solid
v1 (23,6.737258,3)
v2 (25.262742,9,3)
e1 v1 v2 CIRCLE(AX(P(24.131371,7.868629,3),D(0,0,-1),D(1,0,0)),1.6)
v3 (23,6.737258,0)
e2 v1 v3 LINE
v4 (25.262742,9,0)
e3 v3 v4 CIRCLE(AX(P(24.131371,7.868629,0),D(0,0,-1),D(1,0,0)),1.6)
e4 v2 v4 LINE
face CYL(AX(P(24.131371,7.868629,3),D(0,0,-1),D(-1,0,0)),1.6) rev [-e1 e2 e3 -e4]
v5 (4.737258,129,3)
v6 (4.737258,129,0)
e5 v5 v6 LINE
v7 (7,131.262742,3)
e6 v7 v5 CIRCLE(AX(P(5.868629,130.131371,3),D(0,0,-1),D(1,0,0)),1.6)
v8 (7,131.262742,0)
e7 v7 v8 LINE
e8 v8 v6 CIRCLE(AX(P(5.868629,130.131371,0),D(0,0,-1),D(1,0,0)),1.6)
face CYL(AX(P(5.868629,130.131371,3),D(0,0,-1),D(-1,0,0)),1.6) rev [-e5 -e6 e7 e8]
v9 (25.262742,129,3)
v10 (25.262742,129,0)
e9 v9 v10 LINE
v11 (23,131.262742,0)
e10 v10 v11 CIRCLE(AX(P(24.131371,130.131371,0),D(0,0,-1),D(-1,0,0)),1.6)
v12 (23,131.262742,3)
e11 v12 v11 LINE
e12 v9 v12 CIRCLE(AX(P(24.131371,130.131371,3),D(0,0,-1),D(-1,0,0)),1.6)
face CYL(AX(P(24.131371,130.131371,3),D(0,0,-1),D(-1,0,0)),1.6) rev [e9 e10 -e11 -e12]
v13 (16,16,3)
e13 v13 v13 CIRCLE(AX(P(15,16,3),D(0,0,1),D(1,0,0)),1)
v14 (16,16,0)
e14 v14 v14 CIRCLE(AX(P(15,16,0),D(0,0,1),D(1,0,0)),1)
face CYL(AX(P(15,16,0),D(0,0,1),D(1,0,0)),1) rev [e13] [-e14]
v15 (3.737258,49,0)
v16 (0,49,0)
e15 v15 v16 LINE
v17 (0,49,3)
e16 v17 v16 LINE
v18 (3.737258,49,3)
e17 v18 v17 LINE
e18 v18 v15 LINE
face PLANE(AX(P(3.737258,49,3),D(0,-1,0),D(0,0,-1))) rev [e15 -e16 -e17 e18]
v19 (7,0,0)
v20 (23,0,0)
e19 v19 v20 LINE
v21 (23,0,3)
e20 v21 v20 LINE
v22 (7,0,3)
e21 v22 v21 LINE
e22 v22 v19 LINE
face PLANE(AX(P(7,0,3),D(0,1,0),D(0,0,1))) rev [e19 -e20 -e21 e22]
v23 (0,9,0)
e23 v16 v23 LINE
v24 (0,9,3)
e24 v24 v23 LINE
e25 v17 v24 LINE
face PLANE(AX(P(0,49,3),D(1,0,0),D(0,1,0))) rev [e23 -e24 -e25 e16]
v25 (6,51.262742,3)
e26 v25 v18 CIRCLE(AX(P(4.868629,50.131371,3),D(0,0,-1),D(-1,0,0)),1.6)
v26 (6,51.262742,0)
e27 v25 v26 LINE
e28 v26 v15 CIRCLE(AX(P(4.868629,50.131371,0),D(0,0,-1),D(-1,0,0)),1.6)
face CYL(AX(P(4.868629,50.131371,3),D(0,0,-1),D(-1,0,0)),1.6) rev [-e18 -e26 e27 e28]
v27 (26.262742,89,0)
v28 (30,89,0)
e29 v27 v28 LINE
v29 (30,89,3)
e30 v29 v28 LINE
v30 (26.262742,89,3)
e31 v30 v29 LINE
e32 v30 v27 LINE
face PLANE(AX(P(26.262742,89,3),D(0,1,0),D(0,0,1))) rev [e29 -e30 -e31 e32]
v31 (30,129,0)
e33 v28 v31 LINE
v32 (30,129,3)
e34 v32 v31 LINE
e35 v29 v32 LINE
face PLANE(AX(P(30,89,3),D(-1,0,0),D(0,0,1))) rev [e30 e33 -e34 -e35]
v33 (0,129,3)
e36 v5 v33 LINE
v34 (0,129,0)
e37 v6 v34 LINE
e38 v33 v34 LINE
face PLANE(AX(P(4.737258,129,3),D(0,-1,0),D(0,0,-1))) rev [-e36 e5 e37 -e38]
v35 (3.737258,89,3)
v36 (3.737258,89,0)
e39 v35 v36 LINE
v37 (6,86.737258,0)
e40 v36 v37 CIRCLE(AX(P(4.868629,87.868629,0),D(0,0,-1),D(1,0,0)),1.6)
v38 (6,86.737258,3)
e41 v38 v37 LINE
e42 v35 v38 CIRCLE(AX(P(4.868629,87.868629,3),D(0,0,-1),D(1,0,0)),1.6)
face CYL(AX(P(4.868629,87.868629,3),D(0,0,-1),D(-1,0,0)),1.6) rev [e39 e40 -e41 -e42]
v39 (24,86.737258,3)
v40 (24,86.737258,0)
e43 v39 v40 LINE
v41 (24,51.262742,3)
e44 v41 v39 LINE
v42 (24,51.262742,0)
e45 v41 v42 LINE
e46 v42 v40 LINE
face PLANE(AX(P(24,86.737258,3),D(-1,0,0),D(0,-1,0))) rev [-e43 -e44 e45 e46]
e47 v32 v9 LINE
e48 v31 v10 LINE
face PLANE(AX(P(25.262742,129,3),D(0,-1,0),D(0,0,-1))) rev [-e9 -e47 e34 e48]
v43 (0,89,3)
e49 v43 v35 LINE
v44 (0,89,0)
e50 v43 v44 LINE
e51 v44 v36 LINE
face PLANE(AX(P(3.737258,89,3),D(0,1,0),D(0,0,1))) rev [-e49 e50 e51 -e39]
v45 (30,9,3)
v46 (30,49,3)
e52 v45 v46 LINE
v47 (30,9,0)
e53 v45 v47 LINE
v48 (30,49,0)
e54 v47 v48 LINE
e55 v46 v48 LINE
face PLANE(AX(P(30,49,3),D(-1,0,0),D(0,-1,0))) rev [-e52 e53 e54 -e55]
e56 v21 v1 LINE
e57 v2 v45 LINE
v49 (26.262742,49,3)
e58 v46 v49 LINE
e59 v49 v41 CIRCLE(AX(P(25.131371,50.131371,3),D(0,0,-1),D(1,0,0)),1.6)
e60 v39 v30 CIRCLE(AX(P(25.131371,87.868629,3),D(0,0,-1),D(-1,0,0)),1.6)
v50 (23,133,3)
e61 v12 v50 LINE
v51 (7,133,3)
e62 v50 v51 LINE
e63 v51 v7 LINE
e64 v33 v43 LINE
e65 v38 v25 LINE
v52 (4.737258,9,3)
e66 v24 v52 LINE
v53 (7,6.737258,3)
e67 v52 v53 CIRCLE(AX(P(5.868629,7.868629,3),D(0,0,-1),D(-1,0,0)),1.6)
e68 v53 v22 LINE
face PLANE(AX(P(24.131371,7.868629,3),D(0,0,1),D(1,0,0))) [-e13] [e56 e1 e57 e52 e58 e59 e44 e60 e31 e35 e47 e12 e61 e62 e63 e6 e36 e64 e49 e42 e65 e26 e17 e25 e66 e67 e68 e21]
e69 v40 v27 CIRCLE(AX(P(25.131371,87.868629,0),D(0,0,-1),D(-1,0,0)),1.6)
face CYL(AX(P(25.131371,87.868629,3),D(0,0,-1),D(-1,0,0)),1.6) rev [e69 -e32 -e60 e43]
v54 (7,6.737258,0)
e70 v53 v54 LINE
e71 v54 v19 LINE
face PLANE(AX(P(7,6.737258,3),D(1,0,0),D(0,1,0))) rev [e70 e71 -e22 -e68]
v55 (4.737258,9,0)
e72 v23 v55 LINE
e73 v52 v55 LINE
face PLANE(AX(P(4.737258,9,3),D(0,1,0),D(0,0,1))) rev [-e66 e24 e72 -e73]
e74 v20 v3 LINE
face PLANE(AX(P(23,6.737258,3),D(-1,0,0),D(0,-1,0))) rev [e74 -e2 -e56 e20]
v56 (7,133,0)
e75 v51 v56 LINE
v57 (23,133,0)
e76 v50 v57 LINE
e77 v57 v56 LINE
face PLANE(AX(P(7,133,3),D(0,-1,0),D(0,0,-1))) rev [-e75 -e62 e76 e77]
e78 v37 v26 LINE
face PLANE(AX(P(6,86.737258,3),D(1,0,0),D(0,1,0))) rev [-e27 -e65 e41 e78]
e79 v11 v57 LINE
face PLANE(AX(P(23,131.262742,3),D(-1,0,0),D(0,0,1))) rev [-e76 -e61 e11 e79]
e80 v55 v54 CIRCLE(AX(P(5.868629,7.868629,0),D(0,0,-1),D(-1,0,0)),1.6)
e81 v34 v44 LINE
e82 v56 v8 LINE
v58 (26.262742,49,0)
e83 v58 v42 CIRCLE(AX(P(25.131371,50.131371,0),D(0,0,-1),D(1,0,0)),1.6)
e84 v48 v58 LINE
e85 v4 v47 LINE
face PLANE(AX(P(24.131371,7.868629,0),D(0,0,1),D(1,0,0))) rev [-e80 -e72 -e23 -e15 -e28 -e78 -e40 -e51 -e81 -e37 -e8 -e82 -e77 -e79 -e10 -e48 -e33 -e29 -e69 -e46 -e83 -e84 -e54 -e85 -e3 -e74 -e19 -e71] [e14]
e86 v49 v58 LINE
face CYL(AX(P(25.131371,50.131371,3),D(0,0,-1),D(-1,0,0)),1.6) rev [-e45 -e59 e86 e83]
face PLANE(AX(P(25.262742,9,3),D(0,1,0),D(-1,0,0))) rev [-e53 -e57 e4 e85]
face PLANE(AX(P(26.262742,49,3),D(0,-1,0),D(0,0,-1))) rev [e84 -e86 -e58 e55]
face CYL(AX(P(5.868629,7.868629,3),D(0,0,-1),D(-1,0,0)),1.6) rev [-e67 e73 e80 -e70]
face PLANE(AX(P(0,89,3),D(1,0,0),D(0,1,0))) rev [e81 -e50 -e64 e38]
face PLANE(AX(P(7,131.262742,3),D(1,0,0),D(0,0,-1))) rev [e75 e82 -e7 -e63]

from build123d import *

# Parameters (mm, degrees)
EXTRUSION1_DEPTH        = 3
ESQUISSE2_R             = 1
ENL_V_MAT_EXTRU_1_DEPTH = 4


with BuildPart() as part:
    # Esquisse1 → Extrusion1 (new body)
    with BuildSketch(Plane.XY):
        with BuildLine():
            Line((25.2627417, 9), (30, 9))
            Line((30, 9), (30, 49))
            Line((30, 49), (26.2627417, 49))
            ThreePointArc((26.2627417, 49), (24, 49), (24, 51.2627417))
            Line((24, 51.2627417), (24, 86.7372583))
            ThreePointArc((24, 86.7372583), (24, 89), (26.2627417, 89))
            Line((26.2627417, 89), (30, 89))
            Line((30, 89), (30, 129))
            Line((30, 129), (25.2627417, 129))
            ThreePointArc((25.2627417, 129), (23, 129), (23, 131.2627417))
            Line((23, 131.2627417), (23, 133))
            Line((23, 133), (7, 133))
            Line((7, 133), (7, 131.2627417))
            ThreePointArc((7, 131.2627417), (7, 129), (4.7372583, 129))
            Line((4.7372583, 129), (0, 129))
            Line((0, 129), (0, 89))
            Line((0, 89), (3.7372583, 89))
            ThreePointArc((3.7372583, 89), (6, 89), (6, 86.7372583))
            Line((6, 86.7372583), (6, 51.2627417))
            ThreePointArc((6, 51.2627417), (6, 49), (3.7372583, 49))
            Line((3.7372583, 49), (0, 49))
            Line((0, 49), (0, 9))
            Line((0, 9), (4.7372583, 9))
            ThreePointArc((4.7372583, 9), (7, 9), (7, 6.7372583))
            Line((7, 6.7372583), (7, 0))
            Line((7, 0), (23, 0))
            Line((23, 0), (23, 6.7372583))
            ThreePointArc((23, 6.7372583), (23, 9), (25.2627417, 9))
        make_face()
    extrude(amount=EXTRUSION1_DEPTH)

    # Esquisse2 → Enlèv. mat.-Extru.1 (cut, through all)
    with BuildSketch(Plane.XY.offset(3)):
        with Locations((15, 16)):
            Circle(ESQUISSE2_R)
    extrude(amount=-ENL_V_MAT_EXTRU_1_DEPTH, mode=Mode.SUBTRACT)


solid = part.part
